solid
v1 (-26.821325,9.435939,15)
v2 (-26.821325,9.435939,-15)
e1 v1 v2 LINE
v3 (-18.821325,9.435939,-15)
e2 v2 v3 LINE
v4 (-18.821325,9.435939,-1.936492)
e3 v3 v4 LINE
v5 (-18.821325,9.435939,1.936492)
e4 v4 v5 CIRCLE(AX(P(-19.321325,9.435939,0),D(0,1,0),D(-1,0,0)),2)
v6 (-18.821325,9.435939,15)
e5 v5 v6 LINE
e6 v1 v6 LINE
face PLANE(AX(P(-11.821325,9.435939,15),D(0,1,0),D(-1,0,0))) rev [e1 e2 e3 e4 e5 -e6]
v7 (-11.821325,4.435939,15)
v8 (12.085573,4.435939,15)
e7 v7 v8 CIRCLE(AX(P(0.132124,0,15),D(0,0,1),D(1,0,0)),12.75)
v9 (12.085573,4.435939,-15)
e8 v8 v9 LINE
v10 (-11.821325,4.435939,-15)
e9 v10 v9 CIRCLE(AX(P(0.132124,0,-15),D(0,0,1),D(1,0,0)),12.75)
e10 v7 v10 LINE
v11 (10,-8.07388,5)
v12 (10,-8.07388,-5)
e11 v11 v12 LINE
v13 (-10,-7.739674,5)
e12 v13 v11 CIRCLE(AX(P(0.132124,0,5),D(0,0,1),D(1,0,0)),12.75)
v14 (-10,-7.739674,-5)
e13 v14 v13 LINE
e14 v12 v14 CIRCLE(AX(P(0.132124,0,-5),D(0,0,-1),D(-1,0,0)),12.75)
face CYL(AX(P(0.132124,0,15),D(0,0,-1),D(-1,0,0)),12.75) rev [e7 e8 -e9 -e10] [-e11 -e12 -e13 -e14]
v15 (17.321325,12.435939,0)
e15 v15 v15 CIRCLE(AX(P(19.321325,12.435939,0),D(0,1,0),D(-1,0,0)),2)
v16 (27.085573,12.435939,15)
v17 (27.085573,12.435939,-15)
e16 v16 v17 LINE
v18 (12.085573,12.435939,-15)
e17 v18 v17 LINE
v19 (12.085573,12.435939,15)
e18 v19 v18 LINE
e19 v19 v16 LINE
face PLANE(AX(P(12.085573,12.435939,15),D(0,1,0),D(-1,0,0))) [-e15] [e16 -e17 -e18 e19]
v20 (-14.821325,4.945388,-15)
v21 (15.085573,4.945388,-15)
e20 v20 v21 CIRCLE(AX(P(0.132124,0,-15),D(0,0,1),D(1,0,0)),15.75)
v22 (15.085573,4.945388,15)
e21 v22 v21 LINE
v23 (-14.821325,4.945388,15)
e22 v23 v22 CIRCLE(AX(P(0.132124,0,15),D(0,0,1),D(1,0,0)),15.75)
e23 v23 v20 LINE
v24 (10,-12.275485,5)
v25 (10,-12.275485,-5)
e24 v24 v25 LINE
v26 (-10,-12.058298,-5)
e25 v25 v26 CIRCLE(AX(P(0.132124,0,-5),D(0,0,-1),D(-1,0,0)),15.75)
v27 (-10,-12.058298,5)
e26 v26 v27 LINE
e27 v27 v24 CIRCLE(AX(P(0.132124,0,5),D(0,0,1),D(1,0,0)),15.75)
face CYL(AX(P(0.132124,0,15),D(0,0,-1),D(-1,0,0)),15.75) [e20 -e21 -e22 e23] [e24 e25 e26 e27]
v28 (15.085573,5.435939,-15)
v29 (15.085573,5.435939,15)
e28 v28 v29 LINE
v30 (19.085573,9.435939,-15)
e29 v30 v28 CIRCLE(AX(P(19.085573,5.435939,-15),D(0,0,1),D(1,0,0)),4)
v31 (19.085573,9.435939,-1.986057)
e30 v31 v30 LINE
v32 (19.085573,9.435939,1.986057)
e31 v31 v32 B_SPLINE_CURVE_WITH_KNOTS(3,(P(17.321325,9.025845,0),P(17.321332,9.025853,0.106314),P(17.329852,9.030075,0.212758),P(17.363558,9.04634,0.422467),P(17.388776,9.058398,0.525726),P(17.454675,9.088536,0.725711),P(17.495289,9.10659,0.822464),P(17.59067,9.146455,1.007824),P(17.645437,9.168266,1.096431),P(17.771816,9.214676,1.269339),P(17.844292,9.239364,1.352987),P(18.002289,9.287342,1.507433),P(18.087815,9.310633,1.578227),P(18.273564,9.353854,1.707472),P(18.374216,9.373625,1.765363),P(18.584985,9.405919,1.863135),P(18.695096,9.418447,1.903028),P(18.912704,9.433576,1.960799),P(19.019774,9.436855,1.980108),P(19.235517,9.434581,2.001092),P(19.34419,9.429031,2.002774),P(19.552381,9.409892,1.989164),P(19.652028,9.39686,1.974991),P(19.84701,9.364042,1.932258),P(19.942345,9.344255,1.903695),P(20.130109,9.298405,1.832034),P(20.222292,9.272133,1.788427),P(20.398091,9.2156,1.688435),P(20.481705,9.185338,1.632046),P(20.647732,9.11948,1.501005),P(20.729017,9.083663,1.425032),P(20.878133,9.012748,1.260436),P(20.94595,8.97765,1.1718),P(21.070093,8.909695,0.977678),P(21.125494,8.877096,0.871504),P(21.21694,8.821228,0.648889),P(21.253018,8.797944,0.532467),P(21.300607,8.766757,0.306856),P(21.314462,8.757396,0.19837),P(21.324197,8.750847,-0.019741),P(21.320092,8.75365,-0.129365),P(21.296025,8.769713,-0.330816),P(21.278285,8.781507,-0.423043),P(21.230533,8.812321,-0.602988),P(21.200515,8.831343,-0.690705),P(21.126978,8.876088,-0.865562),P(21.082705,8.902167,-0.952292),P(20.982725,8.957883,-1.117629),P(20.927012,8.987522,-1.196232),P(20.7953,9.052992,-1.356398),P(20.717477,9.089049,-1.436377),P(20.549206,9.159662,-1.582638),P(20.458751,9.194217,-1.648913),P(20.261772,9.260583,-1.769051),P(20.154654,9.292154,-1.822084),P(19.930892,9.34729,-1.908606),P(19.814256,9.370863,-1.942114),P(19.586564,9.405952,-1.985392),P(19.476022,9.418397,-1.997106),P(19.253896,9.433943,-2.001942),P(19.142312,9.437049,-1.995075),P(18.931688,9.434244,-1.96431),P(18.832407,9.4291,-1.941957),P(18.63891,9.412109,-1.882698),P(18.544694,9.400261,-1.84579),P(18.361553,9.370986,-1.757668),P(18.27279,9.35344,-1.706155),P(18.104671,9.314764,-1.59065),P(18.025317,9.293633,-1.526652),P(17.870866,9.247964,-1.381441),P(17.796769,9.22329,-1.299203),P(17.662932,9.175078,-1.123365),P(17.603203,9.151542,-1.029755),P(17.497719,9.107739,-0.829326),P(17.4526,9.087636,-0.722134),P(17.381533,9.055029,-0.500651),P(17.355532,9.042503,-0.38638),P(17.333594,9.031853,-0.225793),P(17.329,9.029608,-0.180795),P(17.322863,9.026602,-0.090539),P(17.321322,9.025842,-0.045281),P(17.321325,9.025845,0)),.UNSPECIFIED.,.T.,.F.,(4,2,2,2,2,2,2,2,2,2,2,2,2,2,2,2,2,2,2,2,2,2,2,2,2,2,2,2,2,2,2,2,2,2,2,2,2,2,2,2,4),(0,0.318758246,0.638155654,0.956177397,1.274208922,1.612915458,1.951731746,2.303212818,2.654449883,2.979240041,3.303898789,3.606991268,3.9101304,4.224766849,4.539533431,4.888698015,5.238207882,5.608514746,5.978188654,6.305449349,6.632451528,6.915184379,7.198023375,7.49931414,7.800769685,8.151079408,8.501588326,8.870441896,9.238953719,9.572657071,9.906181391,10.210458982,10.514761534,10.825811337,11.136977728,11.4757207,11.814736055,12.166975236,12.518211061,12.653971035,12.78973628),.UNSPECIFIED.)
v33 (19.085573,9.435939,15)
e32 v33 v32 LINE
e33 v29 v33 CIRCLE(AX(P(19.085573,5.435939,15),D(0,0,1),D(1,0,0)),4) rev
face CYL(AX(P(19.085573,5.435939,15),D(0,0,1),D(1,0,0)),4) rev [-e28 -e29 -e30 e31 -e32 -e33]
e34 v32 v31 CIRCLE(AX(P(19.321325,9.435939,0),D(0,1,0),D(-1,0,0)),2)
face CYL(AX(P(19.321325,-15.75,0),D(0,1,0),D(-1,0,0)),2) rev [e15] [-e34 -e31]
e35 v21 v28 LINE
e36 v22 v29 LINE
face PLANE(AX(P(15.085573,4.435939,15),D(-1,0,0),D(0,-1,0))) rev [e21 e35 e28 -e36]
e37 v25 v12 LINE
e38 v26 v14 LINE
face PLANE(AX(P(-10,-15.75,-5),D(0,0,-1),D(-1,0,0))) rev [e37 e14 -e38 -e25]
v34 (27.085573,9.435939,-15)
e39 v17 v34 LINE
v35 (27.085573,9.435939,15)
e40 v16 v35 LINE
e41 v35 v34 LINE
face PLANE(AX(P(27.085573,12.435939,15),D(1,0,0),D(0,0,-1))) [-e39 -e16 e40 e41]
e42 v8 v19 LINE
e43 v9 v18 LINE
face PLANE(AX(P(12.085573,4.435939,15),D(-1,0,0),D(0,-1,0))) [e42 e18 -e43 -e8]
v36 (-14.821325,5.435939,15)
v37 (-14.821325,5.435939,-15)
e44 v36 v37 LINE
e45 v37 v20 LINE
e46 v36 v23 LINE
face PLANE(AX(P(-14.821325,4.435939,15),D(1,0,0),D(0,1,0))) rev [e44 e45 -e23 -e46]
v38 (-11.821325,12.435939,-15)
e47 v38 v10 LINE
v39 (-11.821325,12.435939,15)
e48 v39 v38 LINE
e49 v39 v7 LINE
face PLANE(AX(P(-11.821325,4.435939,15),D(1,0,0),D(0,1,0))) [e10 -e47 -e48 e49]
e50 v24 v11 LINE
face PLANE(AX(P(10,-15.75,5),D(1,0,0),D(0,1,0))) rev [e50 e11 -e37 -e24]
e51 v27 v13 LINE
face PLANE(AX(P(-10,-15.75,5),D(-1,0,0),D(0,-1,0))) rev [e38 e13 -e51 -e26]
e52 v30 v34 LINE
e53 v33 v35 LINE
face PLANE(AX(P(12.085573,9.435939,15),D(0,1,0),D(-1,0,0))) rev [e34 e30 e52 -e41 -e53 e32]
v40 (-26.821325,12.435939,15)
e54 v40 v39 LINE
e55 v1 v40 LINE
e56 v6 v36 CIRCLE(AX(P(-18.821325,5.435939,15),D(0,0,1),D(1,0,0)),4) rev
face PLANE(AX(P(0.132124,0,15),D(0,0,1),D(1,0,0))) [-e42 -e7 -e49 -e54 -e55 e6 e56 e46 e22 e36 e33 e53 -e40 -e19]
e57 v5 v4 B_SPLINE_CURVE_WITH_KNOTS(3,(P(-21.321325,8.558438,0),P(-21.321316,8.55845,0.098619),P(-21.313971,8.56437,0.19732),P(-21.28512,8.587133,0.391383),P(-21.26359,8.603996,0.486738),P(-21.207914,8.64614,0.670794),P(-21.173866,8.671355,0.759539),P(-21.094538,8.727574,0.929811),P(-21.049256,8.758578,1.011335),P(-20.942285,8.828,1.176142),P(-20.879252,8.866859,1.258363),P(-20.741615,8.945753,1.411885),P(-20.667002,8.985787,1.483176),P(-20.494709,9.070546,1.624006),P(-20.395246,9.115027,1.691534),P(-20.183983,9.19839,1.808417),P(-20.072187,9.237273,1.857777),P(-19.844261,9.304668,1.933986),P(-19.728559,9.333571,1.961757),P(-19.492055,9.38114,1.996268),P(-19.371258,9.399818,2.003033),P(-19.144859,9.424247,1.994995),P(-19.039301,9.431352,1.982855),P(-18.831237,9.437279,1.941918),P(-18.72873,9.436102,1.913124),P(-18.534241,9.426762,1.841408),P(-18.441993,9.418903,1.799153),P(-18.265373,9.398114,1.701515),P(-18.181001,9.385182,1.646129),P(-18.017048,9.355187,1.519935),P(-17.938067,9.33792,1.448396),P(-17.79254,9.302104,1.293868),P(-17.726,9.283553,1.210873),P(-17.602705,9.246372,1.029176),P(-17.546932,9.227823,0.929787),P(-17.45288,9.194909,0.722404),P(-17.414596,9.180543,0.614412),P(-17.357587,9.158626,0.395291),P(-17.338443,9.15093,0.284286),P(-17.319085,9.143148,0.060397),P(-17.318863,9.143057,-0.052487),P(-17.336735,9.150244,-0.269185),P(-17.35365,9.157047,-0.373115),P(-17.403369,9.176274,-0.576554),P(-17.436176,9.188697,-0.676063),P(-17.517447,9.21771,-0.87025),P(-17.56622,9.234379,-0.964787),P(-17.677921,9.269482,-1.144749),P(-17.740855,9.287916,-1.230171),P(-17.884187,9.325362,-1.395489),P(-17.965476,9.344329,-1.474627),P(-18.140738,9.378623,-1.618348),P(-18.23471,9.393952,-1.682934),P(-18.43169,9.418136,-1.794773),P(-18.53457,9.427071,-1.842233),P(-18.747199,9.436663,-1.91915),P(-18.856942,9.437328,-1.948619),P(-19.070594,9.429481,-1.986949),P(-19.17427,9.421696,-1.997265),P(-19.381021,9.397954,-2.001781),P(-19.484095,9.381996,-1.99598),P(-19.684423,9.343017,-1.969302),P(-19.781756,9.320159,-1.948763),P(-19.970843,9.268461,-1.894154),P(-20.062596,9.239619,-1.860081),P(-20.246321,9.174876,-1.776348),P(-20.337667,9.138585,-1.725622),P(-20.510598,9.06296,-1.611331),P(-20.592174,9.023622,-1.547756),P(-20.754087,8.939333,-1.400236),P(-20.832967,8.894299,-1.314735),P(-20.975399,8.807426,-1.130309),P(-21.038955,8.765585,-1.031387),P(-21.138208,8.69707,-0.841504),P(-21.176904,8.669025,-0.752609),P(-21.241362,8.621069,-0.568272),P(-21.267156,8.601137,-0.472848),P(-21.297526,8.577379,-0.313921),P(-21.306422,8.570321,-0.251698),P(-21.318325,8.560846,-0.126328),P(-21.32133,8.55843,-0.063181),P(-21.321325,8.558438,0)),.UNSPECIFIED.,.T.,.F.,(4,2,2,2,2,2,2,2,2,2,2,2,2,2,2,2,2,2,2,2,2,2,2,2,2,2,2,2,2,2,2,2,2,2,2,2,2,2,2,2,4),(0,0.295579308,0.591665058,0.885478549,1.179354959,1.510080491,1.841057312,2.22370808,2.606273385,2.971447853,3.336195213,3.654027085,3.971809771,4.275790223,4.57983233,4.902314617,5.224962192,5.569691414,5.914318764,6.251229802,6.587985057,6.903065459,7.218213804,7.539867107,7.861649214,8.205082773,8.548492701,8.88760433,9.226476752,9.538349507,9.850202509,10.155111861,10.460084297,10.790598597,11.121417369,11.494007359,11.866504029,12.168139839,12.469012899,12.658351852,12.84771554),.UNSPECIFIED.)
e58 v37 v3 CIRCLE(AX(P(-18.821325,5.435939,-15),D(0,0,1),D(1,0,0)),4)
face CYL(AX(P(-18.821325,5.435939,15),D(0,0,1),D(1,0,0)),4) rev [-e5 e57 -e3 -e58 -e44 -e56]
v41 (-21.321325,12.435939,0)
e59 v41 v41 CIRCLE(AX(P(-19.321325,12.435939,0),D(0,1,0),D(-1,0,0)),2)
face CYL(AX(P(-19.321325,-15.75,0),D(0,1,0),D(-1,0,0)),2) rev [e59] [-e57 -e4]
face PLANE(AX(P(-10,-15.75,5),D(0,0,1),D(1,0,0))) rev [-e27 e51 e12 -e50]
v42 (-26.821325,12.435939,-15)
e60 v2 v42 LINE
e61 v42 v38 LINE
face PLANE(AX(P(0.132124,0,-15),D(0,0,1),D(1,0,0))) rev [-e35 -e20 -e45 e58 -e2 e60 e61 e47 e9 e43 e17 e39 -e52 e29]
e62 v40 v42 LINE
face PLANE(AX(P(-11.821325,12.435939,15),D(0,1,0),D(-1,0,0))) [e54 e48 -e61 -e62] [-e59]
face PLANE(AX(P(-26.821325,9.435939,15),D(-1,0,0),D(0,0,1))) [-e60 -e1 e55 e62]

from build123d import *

# Parameters (mm, degrees)
EXTRUDE_THIN1_DEPTH = 15
FILLET1_R           = 4
SKETCH6_R           = 2
SKETCH6_W           = 20
SKETCH6_H           = 10
CUT_EXTRUDE4_DEPTH  = 29.185938934


with BuildPart() as part:
    # Sketch1 → Extrude-Thin1 (new body, symmetric)
    with BuildSketch(Plane.XY):
        with BuildLine():
            Line((27.085573469, 12.435938934), (12.085573469, 12.435938934))
            Line((12.085573469, 12.435938934), (12.085573469, 4.435938934))
            ThreePointArc((12.085573469, 4.435938934), (0.132124352, -12.75), (-11.821324764, 4.435938934))
            Line((-11.821324764, 4.435938934), (-11.821324764, 12.435938934))
            Line((-11.821324764, 12.435938934), (-26.821324764, 12.435938934))
            Line((-26.821324764, 12.435938934), (-26.821324764, 9.435938934))
            Line((-26.821324764, 9.435938934), (-14.821324764, 9.435938934))
            Line((-14.821324764, 9.435938934), (-14.821324764, 4.945387703))
            ThreePointArc((-14.821324764, 4.945387703), (0.132124352, -15.75), (15.085573469, 4.945387703))
            Line((15.085573469, 4.945387703), (15.085573469, 9.435938934))
            Line((15.085573469, 9.435938934), (27.085573469, 9.435938934))
            Line((27.085573469, 9.435938934), (27.085573469, 12.435938934))
        make_face()
    extrude(amount=EXTRUDE_THIN1_DEPTH, both=True)

    # Fillet1
    fillet1_edges = [part.edges().sort_by_distance(p)[0] for p in [
        (15.085573469, 9.435938934, 0),
        (-14.821324764, 9.435938934, 0),
    ]]
    fillet(fillet1_edges, radius=FILLET1_R)

    # Sketch6 → Cut-Extrude4 (cut, through all)
    with BuildSketch(Plane(origin=(0, 12.435938934, 0), x_dir=(1, 0, 0), z_dir=(0, 1, 0))):
        with Locations((-19.321324764, 0)):
            Circle(SKETCH6_R)
        with Locations((19.321324764, 0)):
            Circle(SKETCH6_R)
        Rectangle(SKETCH6_W, SKETCH6_H)
    extrude(amount=-CUT_EXTRUDE4_DEPTH, mode=Mode.SUBTRACT)


solid = part.part
